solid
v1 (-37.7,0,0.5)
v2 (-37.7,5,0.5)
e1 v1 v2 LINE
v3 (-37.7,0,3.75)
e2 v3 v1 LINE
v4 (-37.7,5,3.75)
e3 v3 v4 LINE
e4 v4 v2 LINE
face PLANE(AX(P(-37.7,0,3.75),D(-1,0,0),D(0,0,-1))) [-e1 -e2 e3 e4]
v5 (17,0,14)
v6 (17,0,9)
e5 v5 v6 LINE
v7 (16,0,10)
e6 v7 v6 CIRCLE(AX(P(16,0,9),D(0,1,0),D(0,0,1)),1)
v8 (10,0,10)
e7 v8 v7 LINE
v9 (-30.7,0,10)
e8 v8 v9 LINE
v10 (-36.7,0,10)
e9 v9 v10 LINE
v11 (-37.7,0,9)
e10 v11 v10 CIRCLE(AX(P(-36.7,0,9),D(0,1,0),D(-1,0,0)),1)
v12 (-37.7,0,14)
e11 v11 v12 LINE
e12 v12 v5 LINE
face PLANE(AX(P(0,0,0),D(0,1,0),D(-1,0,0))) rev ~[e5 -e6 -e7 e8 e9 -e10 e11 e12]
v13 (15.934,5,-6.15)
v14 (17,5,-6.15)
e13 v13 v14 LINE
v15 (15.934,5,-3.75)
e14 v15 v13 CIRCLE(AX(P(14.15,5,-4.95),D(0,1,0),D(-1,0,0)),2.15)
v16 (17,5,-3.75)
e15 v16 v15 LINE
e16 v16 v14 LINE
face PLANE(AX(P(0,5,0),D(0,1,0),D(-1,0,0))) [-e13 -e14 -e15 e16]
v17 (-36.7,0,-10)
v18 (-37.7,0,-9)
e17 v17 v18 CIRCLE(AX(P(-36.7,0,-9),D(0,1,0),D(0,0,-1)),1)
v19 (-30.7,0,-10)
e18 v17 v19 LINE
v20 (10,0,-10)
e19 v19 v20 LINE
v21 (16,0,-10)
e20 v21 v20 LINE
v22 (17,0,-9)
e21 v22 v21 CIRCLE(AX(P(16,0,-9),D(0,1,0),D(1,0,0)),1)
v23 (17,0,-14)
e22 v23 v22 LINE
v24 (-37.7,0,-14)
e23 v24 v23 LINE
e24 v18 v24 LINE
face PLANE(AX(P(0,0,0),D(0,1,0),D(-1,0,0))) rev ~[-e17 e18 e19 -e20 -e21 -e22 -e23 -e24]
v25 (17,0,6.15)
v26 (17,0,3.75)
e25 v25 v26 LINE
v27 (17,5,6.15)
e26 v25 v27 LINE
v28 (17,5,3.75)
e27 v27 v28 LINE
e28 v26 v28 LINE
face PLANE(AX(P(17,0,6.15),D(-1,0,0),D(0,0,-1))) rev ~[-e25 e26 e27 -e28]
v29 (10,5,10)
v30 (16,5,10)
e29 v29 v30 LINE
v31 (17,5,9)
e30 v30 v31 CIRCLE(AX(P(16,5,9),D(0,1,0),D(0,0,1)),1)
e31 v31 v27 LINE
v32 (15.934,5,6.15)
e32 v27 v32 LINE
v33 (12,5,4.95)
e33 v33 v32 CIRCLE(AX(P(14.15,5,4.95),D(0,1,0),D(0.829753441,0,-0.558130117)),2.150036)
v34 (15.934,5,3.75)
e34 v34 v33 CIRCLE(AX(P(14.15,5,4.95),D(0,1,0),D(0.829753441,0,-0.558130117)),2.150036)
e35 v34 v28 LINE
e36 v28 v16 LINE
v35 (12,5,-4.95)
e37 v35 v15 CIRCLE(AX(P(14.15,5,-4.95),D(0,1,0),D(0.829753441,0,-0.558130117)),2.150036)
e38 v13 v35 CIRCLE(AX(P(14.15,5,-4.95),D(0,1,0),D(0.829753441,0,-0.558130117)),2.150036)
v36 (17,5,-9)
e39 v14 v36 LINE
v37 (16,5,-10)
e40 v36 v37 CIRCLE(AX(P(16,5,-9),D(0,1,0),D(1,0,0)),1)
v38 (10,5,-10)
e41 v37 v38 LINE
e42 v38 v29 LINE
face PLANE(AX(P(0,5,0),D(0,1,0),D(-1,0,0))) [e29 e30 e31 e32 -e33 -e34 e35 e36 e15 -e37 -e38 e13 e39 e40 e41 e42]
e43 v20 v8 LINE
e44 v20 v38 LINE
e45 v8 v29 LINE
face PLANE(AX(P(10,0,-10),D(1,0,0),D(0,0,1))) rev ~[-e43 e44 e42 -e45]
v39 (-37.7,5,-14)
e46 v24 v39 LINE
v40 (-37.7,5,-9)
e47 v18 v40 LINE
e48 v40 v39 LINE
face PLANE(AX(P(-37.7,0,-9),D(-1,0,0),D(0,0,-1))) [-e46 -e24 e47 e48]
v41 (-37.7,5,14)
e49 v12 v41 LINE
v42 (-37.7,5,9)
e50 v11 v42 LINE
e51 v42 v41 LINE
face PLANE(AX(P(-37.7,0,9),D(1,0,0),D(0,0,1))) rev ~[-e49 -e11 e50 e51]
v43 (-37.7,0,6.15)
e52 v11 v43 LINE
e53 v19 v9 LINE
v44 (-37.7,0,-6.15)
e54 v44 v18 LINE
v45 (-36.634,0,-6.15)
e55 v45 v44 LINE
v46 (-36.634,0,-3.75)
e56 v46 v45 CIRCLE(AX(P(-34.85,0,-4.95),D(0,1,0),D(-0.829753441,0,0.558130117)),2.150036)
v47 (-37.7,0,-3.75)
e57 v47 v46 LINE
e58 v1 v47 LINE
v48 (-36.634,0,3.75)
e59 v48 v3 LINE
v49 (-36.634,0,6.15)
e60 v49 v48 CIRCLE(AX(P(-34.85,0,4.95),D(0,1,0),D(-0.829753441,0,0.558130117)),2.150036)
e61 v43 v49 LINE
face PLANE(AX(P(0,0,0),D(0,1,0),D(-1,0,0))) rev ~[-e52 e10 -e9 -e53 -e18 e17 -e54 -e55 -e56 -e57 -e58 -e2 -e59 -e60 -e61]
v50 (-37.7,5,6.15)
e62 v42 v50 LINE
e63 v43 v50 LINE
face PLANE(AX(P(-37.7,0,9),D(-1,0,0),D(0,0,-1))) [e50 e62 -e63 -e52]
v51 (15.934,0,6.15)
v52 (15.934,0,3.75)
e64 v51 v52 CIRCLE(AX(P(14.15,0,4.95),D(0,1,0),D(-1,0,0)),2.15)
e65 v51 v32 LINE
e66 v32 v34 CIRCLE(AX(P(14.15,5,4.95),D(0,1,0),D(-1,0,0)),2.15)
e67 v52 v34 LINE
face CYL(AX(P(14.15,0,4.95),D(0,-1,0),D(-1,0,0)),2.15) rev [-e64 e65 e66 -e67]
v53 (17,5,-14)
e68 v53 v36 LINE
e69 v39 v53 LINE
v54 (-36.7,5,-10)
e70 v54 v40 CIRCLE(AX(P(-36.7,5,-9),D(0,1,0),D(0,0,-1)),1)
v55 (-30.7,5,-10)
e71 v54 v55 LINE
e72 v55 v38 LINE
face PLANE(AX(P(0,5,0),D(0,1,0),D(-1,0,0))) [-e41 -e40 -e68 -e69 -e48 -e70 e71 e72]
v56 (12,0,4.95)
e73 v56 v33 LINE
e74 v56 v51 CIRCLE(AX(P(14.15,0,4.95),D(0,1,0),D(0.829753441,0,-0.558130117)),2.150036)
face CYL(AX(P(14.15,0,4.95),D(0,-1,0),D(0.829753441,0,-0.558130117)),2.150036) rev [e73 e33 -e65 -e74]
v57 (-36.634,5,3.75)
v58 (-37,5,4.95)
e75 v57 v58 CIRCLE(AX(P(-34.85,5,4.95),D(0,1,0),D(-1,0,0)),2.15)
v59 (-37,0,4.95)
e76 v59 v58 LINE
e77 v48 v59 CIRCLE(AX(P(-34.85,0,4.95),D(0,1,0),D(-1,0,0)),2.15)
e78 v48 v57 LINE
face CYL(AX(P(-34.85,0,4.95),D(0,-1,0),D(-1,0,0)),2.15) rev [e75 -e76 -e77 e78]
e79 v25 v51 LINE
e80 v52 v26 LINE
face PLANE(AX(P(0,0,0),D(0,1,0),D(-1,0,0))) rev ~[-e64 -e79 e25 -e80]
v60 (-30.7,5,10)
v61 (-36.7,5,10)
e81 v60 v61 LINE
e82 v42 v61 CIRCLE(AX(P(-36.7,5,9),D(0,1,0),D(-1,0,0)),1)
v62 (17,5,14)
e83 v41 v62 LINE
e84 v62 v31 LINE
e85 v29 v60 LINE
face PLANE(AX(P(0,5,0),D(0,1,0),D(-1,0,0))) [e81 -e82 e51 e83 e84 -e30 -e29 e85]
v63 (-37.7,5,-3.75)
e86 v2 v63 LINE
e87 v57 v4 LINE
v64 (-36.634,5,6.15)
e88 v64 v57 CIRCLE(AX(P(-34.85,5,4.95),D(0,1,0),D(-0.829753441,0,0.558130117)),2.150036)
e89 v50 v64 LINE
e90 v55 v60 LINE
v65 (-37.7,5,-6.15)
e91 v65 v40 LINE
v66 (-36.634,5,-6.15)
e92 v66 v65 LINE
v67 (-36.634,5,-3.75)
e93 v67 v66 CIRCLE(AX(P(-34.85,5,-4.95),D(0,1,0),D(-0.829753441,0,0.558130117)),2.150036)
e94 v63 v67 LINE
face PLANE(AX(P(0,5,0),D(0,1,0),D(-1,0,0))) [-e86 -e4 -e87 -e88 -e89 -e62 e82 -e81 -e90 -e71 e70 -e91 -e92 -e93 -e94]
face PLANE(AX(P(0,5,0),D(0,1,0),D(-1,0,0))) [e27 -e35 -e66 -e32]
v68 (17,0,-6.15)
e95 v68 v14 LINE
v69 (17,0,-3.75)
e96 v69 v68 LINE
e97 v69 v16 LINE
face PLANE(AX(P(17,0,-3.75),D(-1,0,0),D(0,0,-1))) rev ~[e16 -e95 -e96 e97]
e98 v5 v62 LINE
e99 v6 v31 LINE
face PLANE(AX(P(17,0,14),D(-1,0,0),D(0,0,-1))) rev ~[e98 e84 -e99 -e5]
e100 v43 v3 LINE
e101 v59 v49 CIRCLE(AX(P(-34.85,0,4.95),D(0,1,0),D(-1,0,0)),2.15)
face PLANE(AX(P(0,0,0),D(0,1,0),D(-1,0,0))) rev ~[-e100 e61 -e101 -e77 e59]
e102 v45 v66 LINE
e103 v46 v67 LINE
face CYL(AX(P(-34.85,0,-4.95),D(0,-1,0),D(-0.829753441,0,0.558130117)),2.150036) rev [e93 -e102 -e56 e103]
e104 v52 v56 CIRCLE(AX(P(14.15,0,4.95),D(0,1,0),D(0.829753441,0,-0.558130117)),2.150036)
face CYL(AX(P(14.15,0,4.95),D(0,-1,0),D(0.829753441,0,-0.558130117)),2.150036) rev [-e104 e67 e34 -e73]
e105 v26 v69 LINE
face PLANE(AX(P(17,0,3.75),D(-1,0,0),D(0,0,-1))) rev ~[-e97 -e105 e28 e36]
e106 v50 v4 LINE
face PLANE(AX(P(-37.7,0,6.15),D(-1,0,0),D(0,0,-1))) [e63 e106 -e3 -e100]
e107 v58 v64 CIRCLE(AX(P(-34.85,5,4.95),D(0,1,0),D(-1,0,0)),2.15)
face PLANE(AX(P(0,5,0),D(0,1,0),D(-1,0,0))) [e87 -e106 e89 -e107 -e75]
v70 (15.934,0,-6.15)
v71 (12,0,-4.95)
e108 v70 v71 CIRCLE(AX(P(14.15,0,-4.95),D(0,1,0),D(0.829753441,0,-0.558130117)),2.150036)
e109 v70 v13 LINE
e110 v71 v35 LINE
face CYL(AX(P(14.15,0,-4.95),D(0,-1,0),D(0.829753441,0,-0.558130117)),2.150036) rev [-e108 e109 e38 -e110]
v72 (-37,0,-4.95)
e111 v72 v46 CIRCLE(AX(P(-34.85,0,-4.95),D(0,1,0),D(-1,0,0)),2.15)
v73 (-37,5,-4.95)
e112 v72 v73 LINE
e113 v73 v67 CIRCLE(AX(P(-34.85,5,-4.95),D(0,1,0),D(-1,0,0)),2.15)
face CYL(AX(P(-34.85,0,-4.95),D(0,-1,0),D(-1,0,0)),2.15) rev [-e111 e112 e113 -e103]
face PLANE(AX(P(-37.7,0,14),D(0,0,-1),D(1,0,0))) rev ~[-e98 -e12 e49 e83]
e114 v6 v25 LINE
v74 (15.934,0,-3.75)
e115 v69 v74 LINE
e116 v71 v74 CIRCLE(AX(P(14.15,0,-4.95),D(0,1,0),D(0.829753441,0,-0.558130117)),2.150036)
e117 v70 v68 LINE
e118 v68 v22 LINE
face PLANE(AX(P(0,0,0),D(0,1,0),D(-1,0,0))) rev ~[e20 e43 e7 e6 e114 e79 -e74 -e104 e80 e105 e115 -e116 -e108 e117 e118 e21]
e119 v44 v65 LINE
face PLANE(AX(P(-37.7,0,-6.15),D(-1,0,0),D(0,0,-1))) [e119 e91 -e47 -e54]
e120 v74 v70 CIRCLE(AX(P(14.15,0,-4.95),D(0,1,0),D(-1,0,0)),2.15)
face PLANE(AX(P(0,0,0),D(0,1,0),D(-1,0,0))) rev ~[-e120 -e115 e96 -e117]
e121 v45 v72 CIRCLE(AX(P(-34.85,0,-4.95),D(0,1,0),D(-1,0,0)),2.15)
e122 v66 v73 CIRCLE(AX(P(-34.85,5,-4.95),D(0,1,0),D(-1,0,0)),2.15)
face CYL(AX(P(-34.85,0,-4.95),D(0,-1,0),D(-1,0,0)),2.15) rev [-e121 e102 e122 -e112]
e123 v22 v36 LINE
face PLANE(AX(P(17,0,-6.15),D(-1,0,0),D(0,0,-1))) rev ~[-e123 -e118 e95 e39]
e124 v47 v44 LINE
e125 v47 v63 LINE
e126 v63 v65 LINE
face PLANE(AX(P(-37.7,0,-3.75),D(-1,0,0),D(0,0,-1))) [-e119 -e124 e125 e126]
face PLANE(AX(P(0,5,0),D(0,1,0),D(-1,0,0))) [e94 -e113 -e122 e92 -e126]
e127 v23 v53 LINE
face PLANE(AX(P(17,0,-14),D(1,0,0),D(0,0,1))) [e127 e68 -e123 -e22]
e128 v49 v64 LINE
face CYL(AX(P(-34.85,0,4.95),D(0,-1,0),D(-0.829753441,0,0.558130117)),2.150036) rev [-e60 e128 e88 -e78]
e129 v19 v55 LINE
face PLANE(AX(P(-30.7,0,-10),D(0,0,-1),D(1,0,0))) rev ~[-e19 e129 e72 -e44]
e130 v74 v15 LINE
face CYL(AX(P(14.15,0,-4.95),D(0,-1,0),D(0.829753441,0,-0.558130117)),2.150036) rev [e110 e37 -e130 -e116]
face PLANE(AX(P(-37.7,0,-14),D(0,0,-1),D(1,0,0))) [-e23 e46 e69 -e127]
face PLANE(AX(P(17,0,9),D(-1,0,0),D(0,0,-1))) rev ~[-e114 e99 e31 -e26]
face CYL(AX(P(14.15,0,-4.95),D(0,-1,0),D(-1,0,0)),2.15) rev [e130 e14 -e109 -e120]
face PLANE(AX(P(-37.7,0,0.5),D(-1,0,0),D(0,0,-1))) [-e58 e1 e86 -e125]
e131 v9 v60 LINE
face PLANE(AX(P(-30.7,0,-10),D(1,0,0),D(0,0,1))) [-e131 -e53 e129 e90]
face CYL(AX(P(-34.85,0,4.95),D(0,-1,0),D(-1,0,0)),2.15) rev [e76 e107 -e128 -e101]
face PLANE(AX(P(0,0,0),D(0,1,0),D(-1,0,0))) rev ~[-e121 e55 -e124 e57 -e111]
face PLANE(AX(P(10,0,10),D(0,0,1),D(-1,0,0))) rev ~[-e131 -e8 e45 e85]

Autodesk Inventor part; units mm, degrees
ref_plane "YZ Plane" through (0, 0, 0) normal (1, 0, 0) x (0, 1, 0)
ref_plane "XZ Plane" through (0, 0, 0) normal (0, 1, 0) x (-1, 0, 0)
ref_plane "XY Plane" through (0, 0, 0) normal (0, 0, 1) x (1, 0, 0)
sketch "Эскиз1" plane through (0, 0, 0) normal (0, 1, 0) x (-1, 0, 0)
  line L0 (-10, -10) -> (-10, 10)
  line L1 (-10, 10) -> (-16, 10)
  arc A0 (-16, 10) -> (-17, 9) centre (-16, 9) ccw
  line L2 (-17, 9) -> (-17, 6.15)
  line L3 (-17, 6.15) -> (-15.934, 6.15)
  arc A1 (-15.934, 3.75) -> (-15.934, 6.15) centre (-14.15, 4.95) ccw
  line L4 (-15.934, 3.75) -> (-17, 3.75)
  line L5 (-17, 3.75) -> (-17, -3.75)
  line L6 (-17, -3.75) -> (-15.934, -3.75)
  arc A2 (-15.934, -6.15) -> (-15.934, -3.75) centre (-14.15, -4.95) ccw
  line L7 (-15.934, -6.15) -> (-17, -6.15)
  line L8 (-17, -6.15) -> (-17, -9)
  arc A3 (-17, -9) -> (-16, -10) centre (-16, -9) ccw
  line L9 (-16, -10) -> (-10, -10)
  line L10 (37.7, -3.75) -> (36.634, -3.75)
  line L11 (37.7, 3.75) -> (37.7, -3.75)
  line L12 (36.634, 3.75) -> (37.7, 3.75)
  arc A4 (36.634, 6.15) -> (36.634, 3.75) centre (34.85, 4.95) ccw
  line L13 (37.7, 6.15) -> (36.634, 6.15)
  line L14 (37.7, 9) -> (37.7, 6.15)
  arc A5 (37.7, 9) -> (36.7, 10) centre (36.7, 9) ccw
  line L15 (30.7, 10) -> (36.7, 10)
  line L16 (30.7, -10) -> (30.7, 10)
  line L17 (36.7, -10) -> (30.7, -10)
  arc A6 (36.7, -10) -> (37.7, -9) centre (36.7, -9) ccw
  line L18 (37.7, -6.15) -> (37.7, -9)
  line L19 (36.634, -6.15) -> (37.7, -6.15)
  arc A7 (36.634, -3.75) -> (36.634, -6.15) centre (34.85, -4.95) ccw
  line L20 (-10, 10) -> (30.7, 10)
  line L21 (30.7, -10) -> (-10, -10)
  line L22 (-10, -10) -> (-10, 10)
  circle A8 centre (0, 0) radius 1.25
  circle A9 centre (0, 0) radius 3.4957
  circle A10 centre (0, 0) radius 2.6787
  circle A11 centre (0, 0) radius 5.4
  line L23 (37.7, 6.15) -> (37.7, 3.75)
  line L24 (37.7, -3.75) -> (37.7, -6.15)
  line L25 (37.7, 3.75) -> (37.7, 0.5)
  line L26 (-17, 3.75) -> (-17, -3.75)
  line L27 (-17, 6.15) -> (-17, 3.75)
  line L28 (-17, 3.75) -> (-17, -3.75)
  line L29 (-17, -3.75) -> (-17, -6.15)
  circle A12 centre (-14.15, 4.95) radius 2.15
  circle A13 centre (-14.15, -4.95) radius 2.15
  arc A14 (36.634, -3.75) -> (36.634, -6.15) centre (34.85, -4.95) ccw
  circle A15 centre (34.85, -4.95) radius 2.15
  circle A16 centre (34.85, 4.95) radius 2.15
  line L30 (37.7, 9) -> (37.7, 14)
  line L31 (37.7, 14) -> (-17, 14)
  line L32 (-17, 14) -> (-17, 9)
  line L33 (37.7, -9) -> (37.7, -14)
  line L34 (37.7, -14) -> (-17, -14)
  line L35 (-17, -14) -> (-17, -9)
  point P0 (10.35, -10)
  dimension "d0" = 5
  dimension "d1" = 5
extrude "Выдавливание1" add sketch "Эскиз1" along normal blind 5 contours L9 A3 L8 L7 A2 L6 L5 L4 A1 L3 L2 A0 L1 L0 | L21 L17 A6 L33 L34 L35 A3 L9 | L1 A0 L32 L31 L30 A5 L15 L20 | L16 L15 A5 L14 L13 A4 L12 L11 L10 A7 L19 L18 A6 L17 | L29 L6 A13 L7 | L3 A12 L4 L27 | L19 A15 L10 L24 | L23 L12 A16 L13
properties part number "МД.001.1002 - Направляющие"
